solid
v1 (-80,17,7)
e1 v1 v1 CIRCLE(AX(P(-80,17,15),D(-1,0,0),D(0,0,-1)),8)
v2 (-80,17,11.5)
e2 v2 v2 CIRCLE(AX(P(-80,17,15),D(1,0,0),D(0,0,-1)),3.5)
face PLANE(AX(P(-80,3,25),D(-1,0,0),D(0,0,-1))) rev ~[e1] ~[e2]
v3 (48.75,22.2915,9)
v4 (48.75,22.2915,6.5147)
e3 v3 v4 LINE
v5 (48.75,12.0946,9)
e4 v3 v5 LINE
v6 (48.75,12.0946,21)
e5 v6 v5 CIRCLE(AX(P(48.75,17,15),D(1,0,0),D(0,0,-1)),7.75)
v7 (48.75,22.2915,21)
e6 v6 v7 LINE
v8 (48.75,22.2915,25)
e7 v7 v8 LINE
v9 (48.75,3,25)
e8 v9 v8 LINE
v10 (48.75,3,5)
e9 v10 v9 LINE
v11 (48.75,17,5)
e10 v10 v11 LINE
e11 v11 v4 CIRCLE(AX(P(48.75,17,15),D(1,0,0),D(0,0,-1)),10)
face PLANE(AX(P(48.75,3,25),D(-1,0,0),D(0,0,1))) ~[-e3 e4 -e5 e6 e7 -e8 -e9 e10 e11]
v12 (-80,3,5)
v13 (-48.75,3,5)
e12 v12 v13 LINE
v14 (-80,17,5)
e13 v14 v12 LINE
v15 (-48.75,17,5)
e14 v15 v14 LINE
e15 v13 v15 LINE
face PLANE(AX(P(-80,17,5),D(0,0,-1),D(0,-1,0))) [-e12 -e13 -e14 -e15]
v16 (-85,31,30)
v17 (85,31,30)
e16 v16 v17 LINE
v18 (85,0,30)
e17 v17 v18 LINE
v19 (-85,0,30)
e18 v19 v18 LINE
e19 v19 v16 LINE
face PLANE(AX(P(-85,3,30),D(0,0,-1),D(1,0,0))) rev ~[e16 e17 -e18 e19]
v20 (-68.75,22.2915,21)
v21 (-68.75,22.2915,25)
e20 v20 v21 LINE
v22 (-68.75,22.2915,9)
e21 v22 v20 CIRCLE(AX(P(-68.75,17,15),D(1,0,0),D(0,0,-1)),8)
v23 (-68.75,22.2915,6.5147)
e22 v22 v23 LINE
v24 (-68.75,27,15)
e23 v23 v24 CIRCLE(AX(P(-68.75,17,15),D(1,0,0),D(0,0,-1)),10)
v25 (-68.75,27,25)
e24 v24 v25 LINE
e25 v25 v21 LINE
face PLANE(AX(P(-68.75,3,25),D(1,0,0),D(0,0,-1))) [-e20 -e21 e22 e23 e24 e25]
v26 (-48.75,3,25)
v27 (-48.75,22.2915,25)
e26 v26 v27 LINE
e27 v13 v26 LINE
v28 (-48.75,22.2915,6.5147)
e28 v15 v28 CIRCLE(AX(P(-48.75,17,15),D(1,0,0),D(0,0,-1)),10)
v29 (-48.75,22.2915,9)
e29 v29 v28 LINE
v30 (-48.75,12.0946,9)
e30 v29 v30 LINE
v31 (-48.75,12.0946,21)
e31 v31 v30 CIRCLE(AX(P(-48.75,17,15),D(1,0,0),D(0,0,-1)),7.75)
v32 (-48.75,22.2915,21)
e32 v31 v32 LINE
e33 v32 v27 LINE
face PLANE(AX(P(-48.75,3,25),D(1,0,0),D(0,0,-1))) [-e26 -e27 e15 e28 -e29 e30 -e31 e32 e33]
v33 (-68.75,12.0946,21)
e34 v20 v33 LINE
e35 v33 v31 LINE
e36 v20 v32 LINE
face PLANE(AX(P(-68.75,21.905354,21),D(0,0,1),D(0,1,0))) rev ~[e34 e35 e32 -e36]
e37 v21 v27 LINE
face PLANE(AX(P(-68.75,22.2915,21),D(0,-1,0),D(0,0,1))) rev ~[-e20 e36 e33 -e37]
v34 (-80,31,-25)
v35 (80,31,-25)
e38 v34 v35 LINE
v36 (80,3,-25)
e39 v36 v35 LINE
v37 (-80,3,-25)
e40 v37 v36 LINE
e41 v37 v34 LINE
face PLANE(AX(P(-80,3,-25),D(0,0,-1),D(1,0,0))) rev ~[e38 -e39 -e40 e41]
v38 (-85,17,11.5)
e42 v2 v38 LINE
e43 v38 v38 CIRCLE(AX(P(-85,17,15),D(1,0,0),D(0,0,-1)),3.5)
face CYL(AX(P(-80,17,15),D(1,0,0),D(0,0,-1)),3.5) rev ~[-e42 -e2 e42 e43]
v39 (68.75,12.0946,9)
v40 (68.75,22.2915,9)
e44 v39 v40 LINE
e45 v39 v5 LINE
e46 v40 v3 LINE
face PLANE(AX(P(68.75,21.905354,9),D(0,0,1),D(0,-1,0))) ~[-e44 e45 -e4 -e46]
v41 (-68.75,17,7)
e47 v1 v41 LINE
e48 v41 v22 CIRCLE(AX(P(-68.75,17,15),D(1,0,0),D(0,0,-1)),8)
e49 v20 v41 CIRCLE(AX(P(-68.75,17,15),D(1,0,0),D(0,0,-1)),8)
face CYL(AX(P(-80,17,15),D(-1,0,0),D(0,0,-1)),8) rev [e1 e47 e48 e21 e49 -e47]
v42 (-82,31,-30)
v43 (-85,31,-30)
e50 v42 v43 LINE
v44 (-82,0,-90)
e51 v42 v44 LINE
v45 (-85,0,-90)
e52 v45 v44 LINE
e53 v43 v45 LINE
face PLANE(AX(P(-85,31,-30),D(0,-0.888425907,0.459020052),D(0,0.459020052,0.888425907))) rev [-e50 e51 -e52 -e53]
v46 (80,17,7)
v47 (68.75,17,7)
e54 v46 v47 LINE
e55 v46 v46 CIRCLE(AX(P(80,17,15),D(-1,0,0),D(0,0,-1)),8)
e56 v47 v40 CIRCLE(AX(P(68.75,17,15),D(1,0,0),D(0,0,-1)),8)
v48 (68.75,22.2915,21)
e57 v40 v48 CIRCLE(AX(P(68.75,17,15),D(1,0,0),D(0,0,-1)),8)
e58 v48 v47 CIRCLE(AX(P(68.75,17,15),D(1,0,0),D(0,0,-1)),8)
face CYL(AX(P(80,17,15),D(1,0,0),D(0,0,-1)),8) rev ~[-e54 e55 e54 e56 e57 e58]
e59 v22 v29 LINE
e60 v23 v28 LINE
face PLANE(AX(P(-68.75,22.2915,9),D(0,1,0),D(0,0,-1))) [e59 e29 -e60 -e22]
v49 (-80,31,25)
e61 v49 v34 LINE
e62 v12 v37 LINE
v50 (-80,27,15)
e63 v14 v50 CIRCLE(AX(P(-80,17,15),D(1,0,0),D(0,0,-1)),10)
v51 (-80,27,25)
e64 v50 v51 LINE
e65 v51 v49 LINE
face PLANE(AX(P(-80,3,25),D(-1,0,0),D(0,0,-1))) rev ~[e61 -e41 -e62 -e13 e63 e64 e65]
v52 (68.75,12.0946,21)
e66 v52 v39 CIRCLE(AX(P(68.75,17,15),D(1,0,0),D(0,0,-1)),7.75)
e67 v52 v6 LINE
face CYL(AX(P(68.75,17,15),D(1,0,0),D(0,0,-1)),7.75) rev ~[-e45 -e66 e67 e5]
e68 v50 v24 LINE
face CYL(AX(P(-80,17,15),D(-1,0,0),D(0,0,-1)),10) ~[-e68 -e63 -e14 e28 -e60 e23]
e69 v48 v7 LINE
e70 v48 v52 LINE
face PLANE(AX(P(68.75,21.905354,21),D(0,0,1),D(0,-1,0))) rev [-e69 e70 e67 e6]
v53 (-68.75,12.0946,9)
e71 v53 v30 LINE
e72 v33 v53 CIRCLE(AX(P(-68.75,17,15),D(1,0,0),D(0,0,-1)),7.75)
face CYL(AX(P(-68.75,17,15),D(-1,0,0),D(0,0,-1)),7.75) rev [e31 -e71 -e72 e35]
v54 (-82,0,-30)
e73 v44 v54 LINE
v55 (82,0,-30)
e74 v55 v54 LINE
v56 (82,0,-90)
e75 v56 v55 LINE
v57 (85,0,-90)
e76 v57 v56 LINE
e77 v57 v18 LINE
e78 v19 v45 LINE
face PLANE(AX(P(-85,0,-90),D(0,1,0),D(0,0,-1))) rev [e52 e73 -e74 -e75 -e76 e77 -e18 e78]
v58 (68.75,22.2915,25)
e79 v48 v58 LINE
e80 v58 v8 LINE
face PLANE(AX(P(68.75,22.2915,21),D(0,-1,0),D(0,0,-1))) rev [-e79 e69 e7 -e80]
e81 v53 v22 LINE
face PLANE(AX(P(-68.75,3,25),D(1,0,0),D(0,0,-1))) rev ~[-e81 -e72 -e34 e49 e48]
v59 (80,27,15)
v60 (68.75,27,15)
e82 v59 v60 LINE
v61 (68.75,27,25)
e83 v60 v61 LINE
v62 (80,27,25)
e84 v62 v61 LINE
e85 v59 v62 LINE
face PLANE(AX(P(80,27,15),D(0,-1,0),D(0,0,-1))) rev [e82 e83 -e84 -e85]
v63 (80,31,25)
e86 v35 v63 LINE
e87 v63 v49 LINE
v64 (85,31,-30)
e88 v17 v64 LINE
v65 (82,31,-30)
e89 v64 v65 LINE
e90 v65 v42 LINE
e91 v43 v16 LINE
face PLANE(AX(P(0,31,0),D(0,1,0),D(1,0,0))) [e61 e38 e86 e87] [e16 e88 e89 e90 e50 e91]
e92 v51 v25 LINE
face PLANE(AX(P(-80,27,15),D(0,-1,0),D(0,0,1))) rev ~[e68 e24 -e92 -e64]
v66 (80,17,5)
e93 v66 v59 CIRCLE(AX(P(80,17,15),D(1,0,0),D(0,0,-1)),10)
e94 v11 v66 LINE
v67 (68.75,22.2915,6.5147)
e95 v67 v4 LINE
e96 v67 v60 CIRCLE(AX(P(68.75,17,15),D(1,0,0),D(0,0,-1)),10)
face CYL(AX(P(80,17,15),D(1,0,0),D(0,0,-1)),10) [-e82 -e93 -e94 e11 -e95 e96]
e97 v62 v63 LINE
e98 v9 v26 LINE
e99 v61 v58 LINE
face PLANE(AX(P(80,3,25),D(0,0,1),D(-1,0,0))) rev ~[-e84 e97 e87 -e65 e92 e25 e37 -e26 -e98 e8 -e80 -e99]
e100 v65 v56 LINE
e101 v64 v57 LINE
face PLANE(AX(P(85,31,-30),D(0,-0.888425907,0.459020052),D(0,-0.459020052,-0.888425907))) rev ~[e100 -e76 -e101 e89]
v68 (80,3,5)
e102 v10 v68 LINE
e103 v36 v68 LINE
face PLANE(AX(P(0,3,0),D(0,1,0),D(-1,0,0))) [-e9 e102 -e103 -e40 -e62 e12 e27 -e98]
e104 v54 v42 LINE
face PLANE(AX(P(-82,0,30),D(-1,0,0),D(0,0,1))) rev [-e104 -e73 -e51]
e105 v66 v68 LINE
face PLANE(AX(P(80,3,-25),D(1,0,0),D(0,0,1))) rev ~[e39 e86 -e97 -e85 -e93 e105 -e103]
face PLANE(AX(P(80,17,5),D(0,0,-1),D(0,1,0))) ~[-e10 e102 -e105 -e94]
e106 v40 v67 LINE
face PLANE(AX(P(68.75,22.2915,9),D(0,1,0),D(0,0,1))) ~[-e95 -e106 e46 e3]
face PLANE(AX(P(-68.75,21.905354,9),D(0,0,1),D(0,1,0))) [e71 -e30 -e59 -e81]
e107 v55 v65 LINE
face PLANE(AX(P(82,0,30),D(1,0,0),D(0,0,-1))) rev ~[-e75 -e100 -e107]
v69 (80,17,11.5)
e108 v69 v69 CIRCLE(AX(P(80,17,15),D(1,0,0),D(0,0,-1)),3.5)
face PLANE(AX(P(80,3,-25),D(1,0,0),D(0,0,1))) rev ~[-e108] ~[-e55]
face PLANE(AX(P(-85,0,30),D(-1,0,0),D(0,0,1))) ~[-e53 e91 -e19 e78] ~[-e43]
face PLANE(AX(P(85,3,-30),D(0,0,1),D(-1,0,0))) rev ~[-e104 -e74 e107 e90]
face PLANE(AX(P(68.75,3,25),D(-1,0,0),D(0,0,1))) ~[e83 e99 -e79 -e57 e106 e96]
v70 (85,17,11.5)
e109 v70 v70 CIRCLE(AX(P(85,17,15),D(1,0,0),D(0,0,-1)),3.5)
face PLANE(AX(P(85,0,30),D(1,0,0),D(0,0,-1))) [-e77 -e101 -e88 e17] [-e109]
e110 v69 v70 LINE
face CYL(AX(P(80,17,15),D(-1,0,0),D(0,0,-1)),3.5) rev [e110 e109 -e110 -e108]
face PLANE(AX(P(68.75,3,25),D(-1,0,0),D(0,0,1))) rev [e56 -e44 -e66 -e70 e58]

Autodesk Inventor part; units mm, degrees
ref_plane "YZ Plane" through (0, 0, 0) normal (1, 0, 0) x (0, 1, 0)
ref_plane "XZ Plane" through (0, 0, 0) normal (0, 1, 0) x (-1, 0, 0)
ref_plane "XY Plane" through (0, 0, 0) normal (0, 0, 1) x (1, 0, 0)
sketch "Sketch1" plane through (0, 0, 0) normal (0, 1, 0) x (-1, 0, 0)
  line L0 (85, 30) -> (-85, 30)
  line L1 (-85, 30) -> (-85, -30)
  line L2 (-85, -30) -> (85, -30)
  line L3 (85, -30) -> (85, 30)
  line L4 (85, 30) -> (-85, -30) construction
  line L5 (-85, 30) -> (85, -30) construction
  line L6 (0, -42) -> (0, 42) projected
  point P0 (0, 0)
  point P1 (-100, -30)
  point P2 (-85, -27)
  dimension "d0" = 170
  dimension "d1" = 60
  dimension "d32" = 15
extrude "Extrusion1" add sketch "Sketch1" along normal blind 3
sketch "Sketch2" plane through (0, 3, 0) normal (0, 1, 0) x (1, 0, 0)
  line L0 (-85, 30) -> (-85, -30) projected
  line L1 (-85, -30) -> (85, -30) projected
  line L2 (85, -30) -> (85, 30) projected
  line L3 (80, -25) -> (-80, -25)
  line L4 (-80, -25) -> (-80, 25)
  line L5 (-80, 25) -> (80, 25)
  line L6 (80, 25) -> (80, -25)
  line L7 (80, -25) -> (-80, 25) construction
  line L8 (-80, -25) -> (80, 25) construction
  line L9 (85, 30) -> (-85, 30) projected
  point P0 (0, 0)
  dimension "d36" = 160
  dimension "d37" = 50
extrude "Extrusion2" add sketch "Sketch2" along normal blind 28
sketch "Sketch7" plane through (-80, 3, 25) normal (1, 0, 0) x (0, 0, -1)
  circle A0 centre (10, 14) radius 8
  line L0 (55, -3) -> (-5, -3) projected
  circle A1 centre (10, 14) radius 10
  line L1 (0, 14) -> (0, 0)
  line L2 (0, 14) -> (20, 14)
  line L3 (20, 14) -> (20, 0)
  line L4 (-5, -3) -> (-5, 28) projected
  line L5 (0, 0) -> (20, 0)
  line L6 (10, 24) -> (0, 24)
  line L7 (0, 0) -> (0, 28) projected
  line L8 (0, 14) -> (0, 24)
  point P0 (25, -3)
  point P1 (54, -3)
  dimension "MotorDiameter" = 16
  dimension "d18" = 17
  dimension "d20" = 2
  dimension "d40" = 20
  dimension "d62" = 10
extrude "Extrusion5" add sketch "Sketch7" along normal blind 11.25 contours L2 A1 A0 | A0 L2 A1 | L3 L5 L1 A1 | L7 L6 A1
sketch "Sketch8" plane through (-68.75, 3, 25) normal (1, 0, 0) x (0, 0, -1)
  arc A0 (20, 14) -> (10, 24) centre (10, 14) ccw projected
  circle A1 centre (10, 14) radius 8 projected
  line L0 (0, 0) -> (0, 24) projected
  line L1 (20, 0) -> (0, 0) projected
  line L2 (20, 0) -> (20, 14) projected
  circle A2 centre (10, 14) radius 7.75
  line L3 (10, 24) -> (0, 24) projected
  line L4 (0, 0) -> (0, 24) projected
  line L5 (4, 9.0946) -> (4, 19.2915)
  line L6 (10, 24) -> (0, 24) projected
  line L7 (16, 9.0946) -> (16, 19.2915)
  line L8 (16, 19.2915) -> (18.4853, 19.2915)
  arc A3 (20, 14) -> (10, 24) centre (10, 14) ccw projected
  line L9 (4, 19.2915) -> (0, 19.2915)
  point P0 (25, -3)
  point P1 (4, 27)
  point P2 (4, 18.9054)
  point P3 (16, 18.9054)
  dimension "d55" = 15.5
  dimension "d63" = 12
  dimension "d64" = 6
extrude "Extrusion6" add sketch "Sketch8" along normal blind 20 contours L2 L1 L0 L9 A1 L8 A0 | A1 L5 A2 L7 | A2 L7 | L5 A2 picked at (9.114, 6.2488)
sketch "Sketch9" plane through (-80, 20, 19) normal (1, 0, 0) x (0, 0, -1)
  circle A0 centre (4, -3) radius 3.5
  line L0 (49, -20) -> (-11, -20) projected
  line L1 (-11, -20) -> (-11, 11) projected
  point P0 (19, -20)
  point P1 (44, -20)
  dimension "d27" = 7
  dimension "d28" = 17
  dimension "d41" = 15
extrude "Extrusion7" cut sketch "Sketch9" against normal up to surface (5 mm away)
mirror "Mirror2" about plane through (0, 0, 0) normal (1, 0, 0) of "Extrusion7", "Extrusion6", "Extrusion5"
sketch "Sketch14" plane through (0, 3, 0) normal (0, 1, 0) x (1, 0, 0)
  point P0 (0, 0)
sketch "Sketch15" plane through (85, 0, 30) normal (1, 0, 0) x (0, 0, -1)
  line L0 (60, 31) -> (0, 31) projected
  line L1 (60, 31) -> (120, 0)
  line L2 (120, 0) -> (60, 0)
  circle A0 centre (15, 17) radius 3.5 projected
  line L3 (0, 0) -> (60, 0) projected
  line L4 (60, 0) -> (60, 31) projected
  line L5 (0, 31) -> (60, 31) projected
  line L6 (0, 0) -> (0, 31) projected
  point P0 (30, 0)
  dimension "d67" = 60
extrude "Extrusion12" add sketch "Sketch15" against normal blind 3 contours L1 L2 L4
mirror "Mirror5" about plane through (0, 0, 0) normal (1, 0, 0) of "Extrusion12"
equation "\"d0\" = Width"
equation "\"d1\" = Length"
equation "\"d32\" = -0.5 * Width + 0.5 * FullWidth"
equation "\"d2\" = BaseWallThickness"
equation "\"d36\" = Width - 2 * SideWallThickness"
equation "\"d37\" = Length - 2 * SideWallThickness"
equation "\"d5\" = Height - 2 * BaseWallThickness"
equation "\"d18\" = DriveMotorHeight"
equation "\"d20\" = DriveMotorMountThickness"
equation "\"d28\" = DriveMotorHeight"
equation "\"d41\" = SideWallThickness + DriveMotorMountThickness + 0.5 * MotorDiameter"
equation "\"d67\" = WedgeLength"
equation "\"d68\" = BaseWallThickness"
equation "\"SideWallThickness\" = 5"
equation "\"BaseWallThickness\" = 3"
equation "\"Width\" = 170"
equation "\"Length\" = 60"
equation "\"Height\" = 34"
equation "\"DriveMotorHeight\" = 17"
equation "\"DriveMotorMountThickness\" = 2"
equation "\"WedgeLength\" = 60"
equation "\"FullWidth\" = 200"
properties part number "BodyWedgeV1" material "Thermoplastic Resin"
